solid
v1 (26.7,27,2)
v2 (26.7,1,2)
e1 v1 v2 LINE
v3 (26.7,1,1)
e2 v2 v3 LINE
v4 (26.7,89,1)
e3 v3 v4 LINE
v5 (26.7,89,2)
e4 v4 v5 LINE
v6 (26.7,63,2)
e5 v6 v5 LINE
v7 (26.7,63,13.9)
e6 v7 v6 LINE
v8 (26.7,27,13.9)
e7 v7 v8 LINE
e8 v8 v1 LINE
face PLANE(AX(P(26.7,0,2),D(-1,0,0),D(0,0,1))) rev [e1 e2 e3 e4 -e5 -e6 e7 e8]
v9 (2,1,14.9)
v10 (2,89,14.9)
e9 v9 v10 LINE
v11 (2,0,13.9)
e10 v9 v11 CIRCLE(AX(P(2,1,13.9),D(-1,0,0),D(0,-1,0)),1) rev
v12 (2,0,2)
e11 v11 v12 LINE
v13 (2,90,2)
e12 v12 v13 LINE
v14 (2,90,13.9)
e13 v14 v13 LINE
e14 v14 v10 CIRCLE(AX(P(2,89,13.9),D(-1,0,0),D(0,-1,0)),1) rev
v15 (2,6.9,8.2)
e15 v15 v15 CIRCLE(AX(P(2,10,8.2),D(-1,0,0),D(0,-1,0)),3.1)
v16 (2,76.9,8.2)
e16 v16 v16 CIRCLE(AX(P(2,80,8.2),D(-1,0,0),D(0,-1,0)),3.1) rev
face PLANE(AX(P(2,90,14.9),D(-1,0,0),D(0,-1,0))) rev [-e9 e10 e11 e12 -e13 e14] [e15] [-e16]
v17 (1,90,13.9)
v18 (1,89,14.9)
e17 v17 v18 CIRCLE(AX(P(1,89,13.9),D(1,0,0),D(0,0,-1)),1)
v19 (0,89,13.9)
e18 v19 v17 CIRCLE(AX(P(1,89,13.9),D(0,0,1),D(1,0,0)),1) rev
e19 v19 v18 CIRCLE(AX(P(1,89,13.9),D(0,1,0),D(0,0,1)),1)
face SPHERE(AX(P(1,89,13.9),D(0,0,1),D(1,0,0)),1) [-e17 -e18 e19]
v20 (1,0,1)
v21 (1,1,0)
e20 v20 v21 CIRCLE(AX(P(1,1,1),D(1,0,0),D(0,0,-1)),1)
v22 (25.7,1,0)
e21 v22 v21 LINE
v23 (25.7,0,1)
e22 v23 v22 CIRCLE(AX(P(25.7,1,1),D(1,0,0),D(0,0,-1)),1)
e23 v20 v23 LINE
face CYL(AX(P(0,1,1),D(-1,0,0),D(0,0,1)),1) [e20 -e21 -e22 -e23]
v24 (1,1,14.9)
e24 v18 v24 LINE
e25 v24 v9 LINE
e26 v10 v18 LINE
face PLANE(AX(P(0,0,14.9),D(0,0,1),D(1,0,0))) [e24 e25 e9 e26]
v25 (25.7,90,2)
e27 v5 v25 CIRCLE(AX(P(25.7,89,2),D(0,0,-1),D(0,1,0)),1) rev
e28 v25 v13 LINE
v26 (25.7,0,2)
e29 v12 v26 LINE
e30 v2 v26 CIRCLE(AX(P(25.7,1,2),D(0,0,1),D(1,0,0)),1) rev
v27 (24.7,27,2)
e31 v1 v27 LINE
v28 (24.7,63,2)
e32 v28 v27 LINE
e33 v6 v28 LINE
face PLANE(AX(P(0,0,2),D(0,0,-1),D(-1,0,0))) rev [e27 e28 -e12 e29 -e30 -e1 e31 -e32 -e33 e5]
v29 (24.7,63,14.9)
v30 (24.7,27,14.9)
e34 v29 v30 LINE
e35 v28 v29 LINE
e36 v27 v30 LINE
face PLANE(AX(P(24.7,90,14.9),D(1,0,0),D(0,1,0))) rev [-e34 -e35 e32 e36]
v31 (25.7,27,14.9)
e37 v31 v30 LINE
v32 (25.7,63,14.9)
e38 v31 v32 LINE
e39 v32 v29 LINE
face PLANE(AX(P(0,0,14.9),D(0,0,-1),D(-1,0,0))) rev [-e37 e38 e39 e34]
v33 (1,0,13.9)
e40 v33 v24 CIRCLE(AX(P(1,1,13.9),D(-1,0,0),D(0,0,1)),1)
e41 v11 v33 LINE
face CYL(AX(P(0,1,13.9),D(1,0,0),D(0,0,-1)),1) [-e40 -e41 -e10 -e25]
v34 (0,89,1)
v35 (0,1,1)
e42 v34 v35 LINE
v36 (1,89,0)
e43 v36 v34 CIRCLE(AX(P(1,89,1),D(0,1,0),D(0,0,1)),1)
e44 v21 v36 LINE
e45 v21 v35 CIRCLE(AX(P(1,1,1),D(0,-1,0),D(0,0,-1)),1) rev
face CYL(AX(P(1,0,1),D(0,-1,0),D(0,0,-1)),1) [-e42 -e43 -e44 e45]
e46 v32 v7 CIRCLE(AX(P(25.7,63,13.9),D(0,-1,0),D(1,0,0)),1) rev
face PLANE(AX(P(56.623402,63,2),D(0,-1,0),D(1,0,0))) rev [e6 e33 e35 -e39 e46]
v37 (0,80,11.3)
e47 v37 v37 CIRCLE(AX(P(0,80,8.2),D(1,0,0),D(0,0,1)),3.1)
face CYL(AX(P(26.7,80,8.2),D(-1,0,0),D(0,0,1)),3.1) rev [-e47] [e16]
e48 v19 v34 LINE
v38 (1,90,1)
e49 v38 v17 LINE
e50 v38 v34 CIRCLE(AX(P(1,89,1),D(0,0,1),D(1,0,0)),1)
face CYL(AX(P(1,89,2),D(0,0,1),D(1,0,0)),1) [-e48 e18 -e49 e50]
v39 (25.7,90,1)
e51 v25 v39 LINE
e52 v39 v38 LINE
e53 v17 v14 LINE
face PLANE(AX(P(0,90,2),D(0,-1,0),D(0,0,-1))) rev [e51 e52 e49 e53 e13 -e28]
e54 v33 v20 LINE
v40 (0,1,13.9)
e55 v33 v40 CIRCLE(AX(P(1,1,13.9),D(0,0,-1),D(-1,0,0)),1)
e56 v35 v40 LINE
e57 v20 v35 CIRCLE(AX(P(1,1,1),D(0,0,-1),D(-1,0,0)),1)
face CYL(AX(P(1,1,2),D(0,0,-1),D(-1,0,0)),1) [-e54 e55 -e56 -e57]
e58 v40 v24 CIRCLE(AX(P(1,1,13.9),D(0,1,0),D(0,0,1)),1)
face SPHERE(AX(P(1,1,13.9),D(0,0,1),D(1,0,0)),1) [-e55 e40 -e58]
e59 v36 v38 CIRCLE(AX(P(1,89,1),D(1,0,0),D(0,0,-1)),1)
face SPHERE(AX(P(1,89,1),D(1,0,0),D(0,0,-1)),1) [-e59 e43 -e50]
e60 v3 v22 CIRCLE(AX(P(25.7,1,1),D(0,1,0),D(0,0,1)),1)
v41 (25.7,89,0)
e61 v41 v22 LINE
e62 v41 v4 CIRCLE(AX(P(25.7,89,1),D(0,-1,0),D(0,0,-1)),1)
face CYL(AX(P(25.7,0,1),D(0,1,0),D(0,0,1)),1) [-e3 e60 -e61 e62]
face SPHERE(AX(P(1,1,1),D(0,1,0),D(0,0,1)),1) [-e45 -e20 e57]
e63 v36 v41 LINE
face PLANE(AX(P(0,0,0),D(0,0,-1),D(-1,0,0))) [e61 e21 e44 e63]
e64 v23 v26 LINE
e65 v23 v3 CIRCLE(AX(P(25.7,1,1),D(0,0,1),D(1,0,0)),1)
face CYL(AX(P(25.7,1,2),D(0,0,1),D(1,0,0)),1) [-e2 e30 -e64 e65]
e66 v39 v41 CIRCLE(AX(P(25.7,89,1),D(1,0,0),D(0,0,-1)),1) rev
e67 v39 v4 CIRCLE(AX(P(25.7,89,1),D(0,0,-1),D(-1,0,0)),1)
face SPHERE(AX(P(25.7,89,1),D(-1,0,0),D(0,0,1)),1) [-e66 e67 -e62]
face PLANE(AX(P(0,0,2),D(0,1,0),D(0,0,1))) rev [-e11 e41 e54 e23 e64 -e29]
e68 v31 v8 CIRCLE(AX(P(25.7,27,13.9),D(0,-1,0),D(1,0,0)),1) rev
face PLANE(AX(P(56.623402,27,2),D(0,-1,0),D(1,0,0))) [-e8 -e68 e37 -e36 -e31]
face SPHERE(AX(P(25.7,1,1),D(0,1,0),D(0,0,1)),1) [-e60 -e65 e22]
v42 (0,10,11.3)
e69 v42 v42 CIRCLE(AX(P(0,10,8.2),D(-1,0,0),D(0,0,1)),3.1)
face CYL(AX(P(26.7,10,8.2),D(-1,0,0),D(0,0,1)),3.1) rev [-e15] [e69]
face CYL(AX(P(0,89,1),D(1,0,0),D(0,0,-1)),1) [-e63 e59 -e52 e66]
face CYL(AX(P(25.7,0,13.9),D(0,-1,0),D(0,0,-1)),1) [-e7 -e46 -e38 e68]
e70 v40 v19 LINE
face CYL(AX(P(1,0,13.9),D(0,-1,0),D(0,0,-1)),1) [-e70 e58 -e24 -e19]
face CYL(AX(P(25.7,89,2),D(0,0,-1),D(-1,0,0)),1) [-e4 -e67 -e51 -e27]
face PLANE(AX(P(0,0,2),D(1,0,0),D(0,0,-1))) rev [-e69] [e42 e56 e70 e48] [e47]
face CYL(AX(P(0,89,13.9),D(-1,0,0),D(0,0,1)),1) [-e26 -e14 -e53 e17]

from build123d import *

# Parameters (mm, degrees)
SKETCH1_W           = 26.7
SKETCH1_H           = 90
BOSS_EXTRUDE1_DEPTH = 2
SKETCH2_W           = 2
SKETCH2_H           = 90
BOSS_EXTRUDE2_DEPTH = 12.9
SKETCH3_R           = 3.1
CUT_EXTRUDE1_DEPTH  = 96.052090982
FILLET1_R           = 1
FILLET2_R           = 1
FILLET3_R           = 1
FILLET6_R           = 1
FILLET7_R           = 1
FILLET8_R           = 1
CUT_EXTRUDE2_REACH  = 96.51
SKETCH5_W           = 12.9
SKETCH5_H           = 27


with BuildPart() as part:
    # Sketch1 → Boss-Extrude1 (new body)
    with BuildSketch(Plane.XY):
        with Locations((13.35, 45)):
            Rectangle(SKETCH1_W, SKETCH1_H)
    extrude(amount=BOSS_EXTRUDE1_DEPTH)

    # Sketch2 → Boss-Extrude2 (add)
    with BuildSketch(Plane.XY.offset(2)):
        with Locations((1, 45)):
            Rectangle(SKETCH2_W, SKETCH2_H)
        with Locations((25.7, 45)):
            Rectangle(SKETCH2_W, SKETCH2_H)
    extrude(amount=BOSS_EXTRUDE2_DEPTH)

    # Sketch3 → Cut-Extrude1 (cut, through all)
    with BuildSketch(Plane.ZY):
        with Locations((8.2, 10)):
            Circle(SKETCH3_R)
    cut_extrude1 = extrude(amount=-CUT_EXTRUDE1_DEPTH, mode=Mode.SUBTRACT)

    # Mirror1: Cut-Extrude1 across plane
    add(cut_extrude1.mirror(Plane.ZX.offset(45)), mode=Mode.SUBTRACT)

    # Fillet1
    fillet1_edges = [part.edges().sort_by_distance(p)[0] for p in [
        (13.35, 90, 0),
    ]]
    fillet(fillet1_edges, radius=FILLET1_R)

    # Fillet2
    fillet2_edges = [part.edges().sort_by_distance(p)[0] for p in [
        (0, 44.5, 0),
        (0, 89.707106781, 0.292893219),
        (0, 90, 7.95),
    ]]
    fillet(fillet2_edges, radius=FILLET2_R)

    # Fillet3
    fillet3_edges = [part.edges().sort_by_distance(p)[0] for p in [
        (26.7, 44.5, 0),
        (26.7, 89.707106781, 0.292893219),
        (26.7, 90, 7.95),
    ]]
    fillet(fillet3_edges, radius=FILLET3_R)

    # Fillet6
    fillet6_edges = [part.edges().sort_by_distance(p)[0] for p in [
        (13.35, 0, 0),
        (0.292893219, 0, 0.292893219),
        (26.7, 0, 7.95),
        (0, 0, 7.95),
        (26.407106781, 0, 0.292893219),
    ]]
    fillet(fillet6_edges, radius=FILLET6_R)

    # Fillet7
    fillet7_edges = [part.edges().sort_by_distance(p)[0] for p in [
        (1.5, 90, 14.9),
        (0, 45, 14.9),
        (0.292893219, 89.707106781, 14.9),
        (1.5, 0, 14.9),
        (0.292893219, 0.292893219, 14.9),
    ]]
    fillet(fillet7_edges, radius=FILLET7_R)

    # Fillet8
    fillet8_edges = [part.edges().sort_by_distance(p)[0] for p in [
        (25.2, 0, 14.9),
        (25.2, 90, 14.9),
        (26.407106781, 89.707106781, 14.9),
        (26.7, 45, 14.9),
        (26.407106781, 0.292893219, 14.9),
    ]]
    fillet(fillet8_edges, radius=FILLET8_R)

    # Cut-Extrude2: up to this face of the body (flat: up to its plane)
    cut_extrude2_end = Plane(part.part.faces().sort_by_distance((26.7, 45, 7.407866324))[0])
    # Sketch5 → Cut-Extrude2 (cut, up to the picked face)
    with BuildSketch(Plane.ZY.offset(-24.7), mode=Mode.PRIVATE) as cut_extrude2_sk1:
        with Locations((8.45, 76.5)):
            Rectangle(SKETCH5_W, SKETCH5_H)
    cut_extrude2_tool1 = split(extrude(cut_extrude2_sk1.sketch, amount=-CUT_EXTRUDE2_REACH, mode=Mode.PRIVATE), bisect_by=cut_extrude2_end, keep=Keep.BOTH, mode=Mode.PRIVATE)
    # Sketch5 → Cut-Extrude2 (cut, up to the picked face)
    with BuildSketch(Plane.ZY.offset(-24.7), mode=Mode.PRIVATE) as cut_extrude2_sk2:
        with Locations((8.45, 13.5)):
            Rectangle(SKETCH5_W, SKETCH5_H)
    cut_extrude2_tool2 = split(extrude(cut_extrude2_sk2.sketch, amount=-CUT_EXTRUDE2_REACH, mode=Mode.PRIVATE), bisect_by=cut_extrude2_end, keep=Keep.BOTH, mode=Mode.PRIVATE)
    add(cut_extrude2_tool1.solids().sort_by(Axis((24.7, 76.5, 8.45), (1, 0, 0)))[0], mode=Mode.SUBTRACT)
    add(cut_extrude2_tool2.solids().sort_by(Axis((24.7, 13.5, 8.45), (1, 0, 0)))[0], mode=Mode.SUBTRACT)


solid = part.part
